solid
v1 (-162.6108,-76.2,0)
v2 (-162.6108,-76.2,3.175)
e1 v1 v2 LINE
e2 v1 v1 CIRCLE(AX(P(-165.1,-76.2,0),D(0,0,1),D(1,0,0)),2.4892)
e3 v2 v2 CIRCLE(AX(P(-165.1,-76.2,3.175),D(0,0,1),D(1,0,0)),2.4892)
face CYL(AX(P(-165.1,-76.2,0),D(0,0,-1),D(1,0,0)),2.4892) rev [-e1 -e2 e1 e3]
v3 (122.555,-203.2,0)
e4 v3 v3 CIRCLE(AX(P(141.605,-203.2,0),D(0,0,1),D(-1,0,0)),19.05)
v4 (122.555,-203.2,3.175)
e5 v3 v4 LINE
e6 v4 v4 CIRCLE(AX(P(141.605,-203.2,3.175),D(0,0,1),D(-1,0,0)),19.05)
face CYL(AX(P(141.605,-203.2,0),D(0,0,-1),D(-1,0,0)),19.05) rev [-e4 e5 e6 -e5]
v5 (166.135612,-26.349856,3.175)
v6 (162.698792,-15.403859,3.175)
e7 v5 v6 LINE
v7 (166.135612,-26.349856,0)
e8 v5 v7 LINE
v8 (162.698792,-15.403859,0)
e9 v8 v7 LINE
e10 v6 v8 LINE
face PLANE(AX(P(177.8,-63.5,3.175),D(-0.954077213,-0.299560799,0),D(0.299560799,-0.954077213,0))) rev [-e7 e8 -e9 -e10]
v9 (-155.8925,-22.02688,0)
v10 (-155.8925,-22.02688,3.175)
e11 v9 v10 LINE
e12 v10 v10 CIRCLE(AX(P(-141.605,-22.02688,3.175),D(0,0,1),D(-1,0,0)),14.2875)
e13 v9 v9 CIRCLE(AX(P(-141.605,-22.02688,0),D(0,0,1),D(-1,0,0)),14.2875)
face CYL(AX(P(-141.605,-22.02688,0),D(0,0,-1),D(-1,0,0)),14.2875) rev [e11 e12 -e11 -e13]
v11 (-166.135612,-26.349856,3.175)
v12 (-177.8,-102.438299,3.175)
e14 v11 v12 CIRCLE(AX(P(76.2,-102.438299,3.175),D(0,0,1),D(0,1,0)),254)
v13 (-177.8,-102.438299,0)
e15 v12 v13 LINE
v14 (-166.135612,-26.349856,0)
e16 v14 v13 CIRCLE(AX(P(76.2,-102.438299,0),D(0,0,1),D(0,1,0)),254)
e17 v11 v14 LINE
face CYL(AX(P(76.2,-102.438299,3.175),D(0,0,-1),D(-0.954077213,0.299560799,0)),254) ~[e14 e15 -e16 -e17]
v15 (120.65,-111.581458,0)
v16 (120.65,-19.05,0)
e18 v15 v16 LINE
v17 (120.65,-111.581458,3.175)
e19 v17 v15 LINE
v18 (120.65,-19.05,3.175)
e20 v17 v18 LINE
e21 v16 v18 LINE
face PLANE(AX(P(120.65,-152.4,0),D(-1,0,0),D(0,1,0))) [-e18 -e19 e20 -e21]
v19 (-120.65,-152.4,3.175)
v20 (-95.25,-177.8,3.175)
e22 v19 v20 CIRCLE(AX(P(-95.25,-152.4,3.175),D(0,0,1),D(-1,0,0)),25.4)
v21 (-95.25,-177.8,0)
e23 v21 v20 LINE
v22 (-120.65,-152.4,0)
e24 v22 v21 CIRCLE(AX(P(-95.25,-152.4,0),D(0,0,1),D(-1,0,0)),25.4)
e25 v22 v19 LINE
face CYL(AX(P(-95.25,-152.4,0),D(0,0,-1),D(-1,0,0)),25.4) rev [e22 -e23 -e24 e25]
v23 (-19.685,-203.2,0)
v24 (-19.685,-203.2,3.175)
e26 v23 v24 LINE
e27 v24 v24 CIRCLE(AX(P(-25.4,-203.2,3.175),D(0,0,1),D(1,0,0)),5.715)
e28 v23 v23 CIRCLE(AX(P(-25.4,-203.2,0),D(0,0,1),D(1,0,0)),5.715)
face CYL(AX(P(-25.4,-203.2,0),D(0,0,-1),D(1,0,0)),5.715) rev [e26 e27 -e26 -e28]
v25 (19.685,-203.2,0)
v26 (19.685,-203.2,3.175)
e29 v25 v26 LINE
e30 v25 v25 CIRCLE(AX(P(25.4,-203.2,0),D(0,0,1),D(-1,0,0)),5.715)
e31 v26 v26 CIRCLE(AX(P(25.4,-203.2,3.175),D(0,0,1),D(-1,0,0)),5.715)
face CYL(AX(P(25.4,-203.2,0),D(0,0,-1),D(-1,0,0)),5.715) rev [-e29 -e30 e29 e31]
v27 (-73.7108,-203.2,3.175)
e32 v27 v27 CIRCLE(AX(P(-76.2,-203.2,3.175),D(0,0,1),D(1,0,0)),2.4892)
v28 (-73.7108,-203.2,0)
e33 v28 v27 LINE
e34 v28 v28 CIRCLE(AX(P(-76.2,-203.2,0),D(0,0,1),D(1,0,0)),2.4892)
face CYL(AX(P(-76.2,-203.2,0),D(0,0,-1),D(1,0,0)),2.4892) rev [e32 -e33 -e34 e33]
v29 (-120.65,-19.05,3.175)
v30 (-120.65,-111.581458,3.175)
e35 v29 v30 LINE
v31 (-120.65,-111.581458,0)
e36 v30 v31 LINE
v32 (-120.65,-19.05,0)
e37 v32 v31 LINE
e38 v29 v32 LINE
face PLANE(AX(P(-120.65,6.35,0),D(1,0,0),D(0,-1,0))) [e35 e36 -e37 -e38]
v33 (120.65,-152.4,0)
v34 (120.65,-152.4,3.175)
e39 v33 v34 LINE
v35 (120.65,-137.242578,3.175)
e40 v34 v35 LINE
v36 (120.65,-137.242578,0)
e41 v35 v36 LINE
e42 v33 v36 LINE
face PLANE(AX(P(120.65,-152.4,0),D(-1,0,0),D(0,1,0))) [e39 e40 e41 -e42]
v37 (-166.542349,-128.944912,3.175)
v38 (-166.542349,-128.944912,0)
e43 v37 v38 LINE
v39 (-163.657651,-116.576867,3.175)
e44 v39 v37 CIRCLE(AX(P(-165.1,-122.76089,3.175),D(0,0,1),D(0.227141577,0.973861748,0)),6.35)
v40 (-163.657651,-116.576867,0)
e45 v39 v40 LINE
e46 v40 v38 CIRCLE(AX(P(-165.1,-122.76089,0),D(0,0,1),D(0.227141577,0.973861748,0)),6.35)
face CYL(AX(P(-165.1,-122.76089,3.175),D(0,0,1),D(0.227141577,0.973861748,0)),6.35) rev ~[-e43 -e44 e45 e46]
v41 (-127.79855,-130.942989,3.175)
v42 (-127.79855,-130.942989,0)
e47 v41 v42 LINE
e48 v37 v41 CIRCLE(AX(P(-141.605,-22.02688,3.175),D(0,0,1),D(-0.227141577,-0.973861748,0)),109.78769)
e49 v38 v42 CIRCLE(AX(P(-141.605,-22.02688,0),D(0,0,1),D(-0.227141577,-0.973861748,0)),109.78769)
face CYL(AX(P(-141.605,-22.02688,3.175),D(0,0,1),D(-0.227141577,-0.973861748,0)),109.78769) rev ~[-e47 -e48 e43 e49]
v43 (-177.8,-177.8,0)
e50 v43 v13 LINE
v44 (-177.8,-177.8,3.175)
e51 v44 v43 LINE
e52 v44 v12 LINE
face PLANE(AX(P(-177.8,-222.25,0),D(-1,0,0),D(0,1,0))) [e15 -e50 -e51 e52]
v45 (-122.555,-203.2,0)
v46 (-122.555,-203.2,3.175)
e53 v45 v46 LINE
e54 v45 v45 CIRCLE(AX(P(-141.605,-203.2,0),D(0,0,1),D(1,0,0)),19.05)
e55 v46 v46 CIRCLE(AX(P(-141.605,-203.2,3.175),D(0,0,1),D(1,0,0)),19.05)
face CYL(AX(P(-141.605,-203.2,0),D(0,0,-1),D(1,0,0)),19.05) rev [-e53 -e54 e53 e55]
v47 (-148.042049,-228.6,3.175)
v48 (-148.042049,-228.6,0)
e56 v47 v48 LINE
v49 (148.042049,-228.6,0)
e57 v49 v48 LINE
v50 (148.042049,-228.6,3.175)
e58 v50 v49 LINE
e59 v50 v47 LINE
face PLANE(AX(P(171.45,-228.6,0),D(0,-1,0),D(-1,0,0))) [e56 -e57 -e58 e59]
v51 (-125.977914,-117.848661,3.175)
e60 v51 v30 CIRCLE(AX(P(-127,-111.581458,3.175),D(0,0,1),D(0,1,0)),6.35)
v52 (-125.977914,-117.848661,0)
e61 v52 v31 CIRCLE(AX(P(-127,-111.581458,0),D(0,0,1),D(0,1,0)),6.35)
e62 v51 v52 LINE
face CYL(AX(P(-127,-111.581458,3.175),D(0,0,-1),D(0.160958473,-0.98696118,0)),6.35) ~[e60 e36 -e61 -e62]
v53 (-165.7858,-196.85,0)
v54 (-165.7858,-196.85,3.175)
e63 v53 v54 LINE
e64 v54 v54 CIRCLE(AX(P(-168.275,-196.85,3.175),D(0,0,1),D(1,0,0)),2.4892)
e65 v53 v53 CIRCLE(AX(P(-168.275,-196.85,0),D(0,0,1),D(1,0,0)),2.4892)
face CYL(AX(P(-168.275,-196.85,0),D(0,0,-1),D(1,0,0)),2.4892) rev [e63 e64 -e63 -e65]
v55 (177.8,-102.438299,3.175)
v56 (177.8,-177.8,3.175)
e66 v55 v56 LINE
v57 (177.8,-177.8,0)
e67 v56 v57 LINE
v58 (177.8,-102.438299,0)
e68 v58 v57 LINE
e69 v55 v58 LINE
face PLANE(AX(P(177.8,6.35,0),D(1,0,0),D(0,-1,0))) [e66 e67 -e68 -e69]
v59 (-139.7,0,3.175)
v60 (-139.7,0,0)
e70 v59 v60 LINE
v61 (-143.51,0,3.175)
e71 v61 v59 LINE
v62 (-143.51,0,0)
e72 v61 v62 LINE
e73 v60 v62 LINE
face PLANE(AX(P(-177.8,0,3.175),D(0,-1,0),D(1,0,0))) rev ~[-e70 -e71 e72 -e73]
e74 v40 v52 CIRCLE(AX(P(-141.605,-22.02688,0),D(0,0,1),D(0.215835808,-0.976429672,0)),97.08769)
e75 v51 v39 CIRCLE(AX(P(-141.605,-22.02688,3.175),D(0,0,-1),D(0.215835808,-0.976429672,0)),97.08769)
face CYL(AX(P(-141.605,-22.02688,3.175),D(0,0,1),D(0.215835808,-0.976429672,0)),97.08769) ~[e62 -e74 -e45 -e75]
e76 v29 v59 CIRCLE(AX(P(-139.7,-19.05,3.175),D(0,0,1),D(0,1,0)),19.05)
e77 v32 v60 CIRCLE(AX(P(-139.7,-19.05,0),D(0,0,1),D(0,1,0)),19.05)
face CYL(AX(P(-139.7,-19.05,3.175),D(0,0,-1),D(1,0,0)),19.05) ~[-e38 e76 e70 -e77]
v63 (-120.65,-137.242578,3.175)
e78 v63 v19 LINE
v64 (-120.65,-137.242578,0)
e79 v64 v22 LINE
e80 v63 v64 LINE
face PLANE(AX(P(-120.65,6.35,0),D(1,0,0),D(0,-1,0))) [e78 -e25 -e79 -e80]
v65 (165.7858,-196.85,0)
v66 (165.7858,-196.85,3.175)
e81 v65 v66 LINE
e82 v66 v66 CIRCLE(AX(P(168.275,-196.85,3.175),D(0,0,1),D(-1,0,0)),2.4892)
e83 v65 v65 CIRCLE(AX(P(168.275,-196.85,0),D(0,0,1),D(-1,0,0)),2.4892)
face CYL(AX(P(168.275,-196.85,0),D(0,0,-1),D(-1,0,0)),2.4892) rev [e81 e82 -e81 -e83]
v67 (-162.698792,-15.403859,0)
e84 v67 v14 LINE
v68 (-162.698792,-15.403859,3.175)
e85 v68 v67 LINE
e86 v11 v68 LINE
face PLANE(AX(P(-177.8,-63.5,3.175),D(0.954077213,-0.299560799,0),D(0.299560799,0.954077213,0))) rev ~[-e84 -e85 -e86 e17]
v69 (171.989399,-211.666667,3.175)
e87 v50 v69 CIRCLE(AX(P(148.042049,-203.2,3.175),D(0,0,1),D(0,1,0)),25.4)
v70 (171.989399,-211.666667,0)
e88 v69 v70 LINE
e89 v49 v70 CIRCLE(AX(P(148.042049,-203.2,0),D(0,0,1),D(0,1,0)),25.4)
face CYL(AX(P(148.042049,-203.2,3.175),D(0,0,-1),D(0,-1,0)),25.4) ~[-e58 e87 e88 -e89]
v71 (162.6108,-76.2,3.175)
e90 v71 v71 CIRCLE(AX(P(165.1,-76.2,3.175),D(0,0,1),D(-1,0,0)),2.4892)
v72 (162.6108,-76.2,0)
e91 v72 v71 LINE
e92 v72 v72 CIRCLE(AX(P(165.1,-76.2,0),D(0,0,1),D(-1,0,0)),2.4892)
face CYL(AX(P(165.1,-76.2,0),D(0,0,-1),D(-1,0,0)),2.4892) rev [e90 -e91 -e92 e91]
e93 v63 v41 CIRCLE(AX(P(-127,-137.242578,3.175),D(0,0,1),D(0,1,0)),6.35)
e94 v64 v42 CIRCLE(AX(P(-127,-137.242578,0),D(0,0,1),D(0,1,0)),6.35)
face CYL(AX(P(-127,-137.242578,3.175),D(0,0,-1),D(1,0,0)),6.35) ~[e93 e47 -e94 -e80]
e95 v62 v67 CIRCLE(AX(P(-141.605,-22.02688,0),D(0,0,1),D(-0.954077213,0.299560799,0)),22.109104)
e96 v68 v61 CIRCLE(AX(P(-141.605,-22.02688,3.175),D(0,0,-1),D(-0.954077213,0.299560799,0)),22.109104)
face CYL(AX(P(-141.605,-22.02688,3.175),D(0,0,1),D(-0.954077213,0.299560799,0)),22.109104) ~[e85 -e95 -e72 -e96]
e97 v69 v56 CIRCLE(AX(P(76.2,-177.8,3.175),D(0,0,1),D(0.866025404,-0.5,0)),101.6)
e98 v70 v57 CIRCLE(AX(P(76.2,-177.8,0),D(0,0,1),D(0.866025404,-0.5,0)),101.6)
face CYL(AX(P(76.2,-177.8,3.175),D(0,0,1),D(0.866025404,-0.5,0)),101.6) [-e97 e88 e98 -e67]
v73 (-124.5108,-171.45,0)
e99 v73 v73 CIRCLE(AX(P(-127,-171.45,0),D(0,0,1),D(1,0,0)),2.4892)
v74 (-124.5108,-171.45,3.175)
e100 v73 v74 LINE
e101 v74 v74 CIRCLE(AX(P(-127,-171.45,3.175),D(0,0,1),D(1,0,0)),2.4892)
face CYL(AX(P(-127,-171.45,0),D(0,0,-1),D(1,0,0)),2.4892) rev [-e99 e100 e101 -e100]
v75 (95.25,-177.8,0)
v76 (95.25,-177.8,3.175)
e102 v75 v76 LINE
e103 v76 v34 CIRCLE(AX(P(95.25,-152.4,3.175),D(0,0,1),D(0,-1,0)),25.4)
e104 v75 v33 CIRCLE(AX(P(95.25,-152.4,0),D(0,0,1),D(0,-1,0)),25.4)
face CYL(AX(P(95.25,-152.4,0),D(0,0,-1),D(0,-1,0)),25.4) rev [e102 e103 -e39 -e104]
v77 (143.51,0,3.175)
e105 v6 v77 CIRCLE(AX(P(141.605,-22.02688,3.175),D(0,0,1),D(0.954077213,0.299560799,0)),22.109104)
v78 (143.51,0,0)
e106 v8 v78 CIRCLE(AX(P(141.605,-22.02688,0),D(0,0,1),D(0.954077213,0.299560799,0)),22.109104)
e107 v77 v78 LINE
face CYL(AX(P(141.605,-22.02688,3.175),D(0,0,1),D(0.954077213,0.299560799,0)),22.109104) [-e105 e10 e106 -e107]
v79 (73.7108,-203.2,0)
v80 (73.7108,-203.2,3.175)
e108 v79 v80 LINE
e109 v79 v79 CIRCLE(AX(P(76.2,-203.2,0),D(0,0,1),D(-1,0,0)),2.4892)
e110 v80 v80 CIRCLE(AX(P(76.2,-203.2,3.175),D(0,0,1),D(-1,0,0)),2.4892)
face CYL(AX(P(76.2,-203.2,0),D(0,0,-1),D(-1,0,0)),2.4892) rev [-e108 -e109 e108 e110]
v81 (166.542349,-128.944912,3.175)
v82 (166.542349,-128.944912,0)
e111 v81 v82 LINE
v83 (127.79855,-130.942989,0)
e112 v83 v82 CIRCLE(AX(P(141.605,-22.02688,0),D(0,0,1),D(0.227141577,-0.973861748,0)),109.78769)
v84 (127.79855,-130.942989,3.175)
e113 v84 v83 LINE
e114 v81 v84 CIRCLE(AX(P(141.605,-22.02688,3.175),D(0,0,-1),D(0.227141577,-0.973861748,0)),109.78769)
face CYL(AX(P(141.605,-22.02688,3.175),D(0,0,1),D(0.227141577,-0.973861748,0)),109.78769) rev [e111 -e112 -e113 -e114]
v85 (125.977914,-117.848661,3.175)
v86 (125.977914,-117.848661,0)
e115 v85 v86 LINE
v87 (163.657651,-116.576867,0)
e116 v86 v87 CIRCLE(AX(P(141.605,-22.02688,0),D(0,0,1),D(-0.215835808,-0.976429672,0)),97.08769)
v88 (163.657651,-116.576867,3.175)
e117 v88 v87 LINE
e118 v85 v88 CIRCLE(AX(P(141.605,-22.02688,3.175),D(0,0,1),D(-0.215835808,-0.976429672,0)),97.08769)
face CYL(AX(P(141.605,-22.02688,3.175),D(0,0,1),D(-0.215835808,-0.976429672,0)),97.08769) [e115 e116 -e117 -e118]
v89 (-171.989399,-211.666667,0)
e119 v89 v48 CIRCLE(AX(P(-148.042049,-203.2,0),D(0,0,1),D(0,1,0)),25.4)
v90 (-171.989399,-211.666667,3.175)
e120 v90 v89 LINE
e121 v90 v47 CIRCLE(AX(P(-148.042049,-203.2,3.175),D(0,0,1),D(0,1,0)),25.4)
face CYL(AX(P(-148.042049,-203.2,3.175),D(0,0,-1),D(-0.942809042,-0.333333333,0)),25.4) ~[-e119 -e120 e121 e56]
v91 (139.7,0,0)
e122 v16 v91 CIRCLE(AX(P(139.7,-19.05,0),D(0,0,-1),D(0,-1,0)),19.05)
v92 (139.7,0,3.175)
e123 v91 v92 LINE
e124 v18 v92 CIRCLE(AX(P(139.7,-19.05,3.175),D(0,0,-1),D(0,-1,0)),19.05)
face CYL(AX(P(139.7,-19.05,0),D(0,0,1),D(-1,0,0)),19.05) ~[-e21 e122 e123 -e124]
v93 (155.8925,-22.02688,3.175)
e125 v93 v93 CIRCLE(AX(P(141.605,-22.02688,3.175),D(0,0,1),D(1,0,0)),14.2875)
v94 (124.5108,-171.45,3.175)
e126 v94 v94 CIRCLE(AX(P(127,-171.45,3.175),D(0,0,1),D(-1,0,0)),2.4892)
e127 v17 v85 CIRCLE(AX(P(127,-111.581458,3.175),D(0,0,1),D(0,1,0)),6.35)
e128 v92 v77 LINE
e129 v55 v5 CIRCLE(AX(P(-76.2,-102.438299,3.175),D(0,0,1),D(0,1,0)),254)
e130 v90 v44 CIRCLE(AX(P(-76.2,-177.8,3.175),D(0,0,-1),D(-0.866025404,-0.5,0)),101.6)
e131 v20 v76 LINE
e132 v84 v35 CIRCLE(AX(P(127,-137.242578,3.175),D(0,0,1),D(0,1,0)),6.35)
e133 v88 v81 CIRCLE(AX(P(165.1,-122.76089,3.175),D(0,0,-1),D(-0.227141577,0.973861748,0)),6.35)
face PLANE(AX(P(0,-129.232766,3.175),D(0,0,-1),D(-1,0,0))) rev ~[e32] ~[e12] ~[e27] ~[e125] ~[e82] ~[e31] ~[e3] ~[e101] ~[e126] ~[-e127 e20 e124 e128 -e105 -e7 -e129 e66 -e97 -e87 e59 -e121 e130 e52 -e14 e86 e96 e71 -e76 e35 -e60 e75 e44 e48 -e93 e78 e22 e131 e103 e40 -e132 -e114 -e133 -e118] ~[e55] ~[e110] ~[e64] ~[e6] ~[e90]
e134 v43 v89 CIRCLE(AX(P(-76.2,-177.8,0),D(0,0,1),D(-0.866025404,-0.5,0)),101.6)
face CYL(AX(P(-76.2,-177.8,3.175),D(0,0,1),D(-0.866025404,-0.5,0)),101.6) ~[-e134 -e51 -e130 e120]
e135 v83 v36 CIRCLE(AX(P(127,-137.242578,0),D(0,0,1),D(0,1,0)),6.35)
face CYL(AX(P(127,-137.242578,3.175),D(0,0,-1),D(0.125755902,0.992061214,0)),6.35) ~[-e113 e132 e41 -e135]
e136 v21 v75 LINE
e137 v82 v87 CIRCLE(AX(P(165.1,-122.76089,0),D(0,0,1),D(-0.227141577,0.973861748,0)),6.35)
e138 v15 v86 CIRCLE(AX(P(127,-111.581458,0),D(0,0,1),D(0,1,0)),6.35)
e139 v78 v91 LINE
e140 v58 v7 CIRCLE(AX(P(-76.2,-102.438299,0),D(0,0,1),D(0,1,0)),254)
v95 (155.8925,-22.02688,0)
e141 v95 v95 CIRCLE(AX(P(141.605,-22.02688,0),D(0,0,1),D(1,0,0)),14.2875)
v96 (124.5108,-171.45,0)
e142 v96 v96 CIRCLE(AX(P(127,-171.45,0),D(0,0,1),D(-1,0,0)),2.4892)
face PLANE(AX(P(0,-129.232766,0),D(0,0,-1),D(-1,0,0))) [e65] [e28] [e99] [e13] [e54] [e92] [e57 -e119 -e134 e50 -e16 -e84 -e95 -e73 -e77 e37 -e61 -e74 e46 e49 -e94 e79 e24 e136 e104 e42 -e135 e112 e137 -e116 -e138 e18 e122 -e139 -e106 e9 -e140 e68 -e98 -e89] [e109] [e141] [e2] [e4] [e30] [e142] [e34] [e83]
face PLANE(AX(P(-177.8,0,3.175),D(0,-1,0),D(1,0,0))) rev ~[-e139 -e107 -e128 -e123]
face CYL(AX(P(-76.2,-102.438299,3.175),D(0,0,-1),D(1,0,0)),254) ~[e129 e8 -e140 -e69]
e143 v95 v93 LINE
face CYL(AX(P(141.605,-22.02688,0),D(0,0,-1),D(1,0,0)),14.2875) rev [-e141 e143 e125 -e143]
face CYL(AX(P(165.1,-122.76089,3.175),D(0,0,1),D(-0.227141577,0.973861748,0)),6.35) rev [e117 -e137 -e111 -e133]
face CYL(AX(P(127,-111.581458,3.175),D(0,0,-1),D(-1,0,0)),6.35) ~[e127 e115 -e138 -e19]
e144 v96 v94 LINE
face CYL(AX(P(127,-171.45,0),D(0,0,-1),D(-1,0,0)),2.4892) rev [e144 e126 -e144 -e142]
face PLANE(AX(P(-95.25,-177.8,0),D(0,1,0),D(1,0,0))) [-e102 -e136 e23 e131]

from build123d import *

# Parameters (mm, degrees)
SKETCH1_R           = 14.2875
SKETCH1_R_2         = 19.05
SKETCH1_R_3         = 2.4892
SKETCH1_R_4         = 5.715
BOSS_EXTRUDE3_DEPTH = 3.175
SKETCH2_W           = 355.6
SKETCH2_H           = 19.05
CUT_EXTRUDE1_DEPTH  = 290.621961572
FILLET1_R           = 19.05
CUT_EXTRUDE2_DEPTH  = 290.621961572
FILLET2_R           = 254
CUT_EXTRUDE3_DEPTH  = 290.621961572
FILLET3_R           = 25.4
CUT_EXTRUDE4_DEPTH  = 290.621961572
FILLET4_R           = 6.35


with BuildPart() as part:
    # Sketch1 → Boss-Extrude3 (new body)
    with BuildSketch(Plane.XY):
        with BuildLine():
            Line((120.65, -152.4), (120.65, -6.35))
            Line((120.65, -6.35), (120.65, 6.35))
            ThreePointArc((120.65, 6.35), (124.369743879, 15.330256121), (133.35, 19.05))
            Line((133.35, 19.05), (165.1, 19.05))
            ThreePointArc((165.1, 19.05), (174.080256121, 15.330256121), (177.8, 6.35))
            Line((177.8, 6.35), (177.8, -6.35))
            Line((177.8, -6.35), (177.8, -222.25))
            ThreePointArc((177.8, -222.25), (175.940128061, -226.740128061), (171.45, -228.6))
            Line((171.45, -228.6), (12.7, -228.6))
            Line((12.7, -228.6), (-12.7, -228.6))
            Line((-12.7, -228.6), (-171.45, -228.6))
            ThreePointArc((-171.45, -228.6), (-175.940128061, -226.740128061), (-177.8, -222.25))
            Line((-177.8, -222.25), (-177.8, -6.35))
            Line((-177.8, -6.35), (-177.8, 6.35))
            ThreePointArc((-177.8, 6.35), (-174.080256121, 15.330256121), (-165.1, 19.05))
            Line((-165.1, 19.05), (-133.35, 19.05))
            ThreePointArc((-133.35, 19.05), (-124.369743879, 15.330256121), (-120.65, 6.35))
            Line((-120.65, 6.35), (-120.65, -6.35))
            Line((-120.65, -6.35), (-120.65, -152.4))
            ThreePointArc((-120.65, -152.4), (-113.210512242, -170.360512242), (-95.25, -177.8))
            Line((-95.25, -177.8), (-12.7, -177.8))
            Line((-12.7, -177.8), (12.7, -177.8))
            Line((12.7, -177.8), (95.25, -177.8))
            ThreePointArc((95.25, -177.8), (113.210512242, -170.360512242), (120.65, -152.4))
        make_face()
        with Locations((141.605, -22.02688)):
            Circle(SKETCH1_R, mode=Mode.SUBTRACT)
        with Locations(Location((-141.605, -22.02688, 0), (0, 0, 180))):
            Circle(SKETCH1_R, mode=Mode.SUBTRACT)
        with Locations((-141.605, -203.2)):
            Circle(SKETCH1_R_2, mode=Mode.SUBTRACT)
        with Locations(Location((141.605, -203.2, 0), (0, 0, 180))):
            Circle(SKETCH1_R_2, mode=Mode.SUBTRACT)
        with Locations((-76.2, -203.2)):
            Circle(SKETCH1_R_3, mode=Mode.SUBTRACT)
        with Locations(Location((76.2, -203.2, 0), (0, 0, 180))):
            Circle(SKETCH1_R_3, mode=Mode.SUBTRACT)
        with Locations((-25.4, -203.2)):
            Circle(SKETCH1_R_4, mode=Mode.SUBTRACT)
        with Locations((-149.225, 6.35)):
            Circle(SKETCH1_R_3, mode=Mode.SUBTRACT)
        with Locations(Location((149.225, 6.35, 0), (0, 0, 180))):
            Circle(SKETCH1_R_3, mode=Mode.SUBTRACT)
        with Locations((-168.275, -196.85)):
            Circle(SKETCH1_R_3, mode=Mode.SUBTRACT)
        with Locations(Location((168.275, -196.85, 0), (0, 0, 180))):
            Circle(SKETCH1_R_3, mode=Mode.SUBTRACT)
        with Locations((-165.1, -76.2)):
            Circle(SKETCH1_R_3, mode=Mode.SUBTRACT)
        with Locations(Location((165.1, -76.2, 0), (0, 0, 180))):
            Circle(SKETCH1_R_3, mode=Mode.SUBTRACT)
        with Locations((-127, -171.45)):
            Circle(SKETCH1_R_3, mode=Mode.SUBTRACT)
        with Locations(Location((127, -171.45, 0), (0, 0, 180))):
            Circle(SKETCH1_R_3, mode=Mode.SUBTRACT)
        with Locations(Location((25.4, -203.2, 0), (0, 0, 180))):
            Circle(SKETCH1_R_4, mode=Mode.SUBTRACT)
    extrude(amount=BOSS_EXTRUDE3_DEPTH)

    # Sketch2 → Cut-Extrude1 (cut, through all)
    with BuildSketch(Plane.XY.offset(3.175)):
        with Locations((0, 9.525)):
            Rectangle(SKETCH2_W, SKETCH2_H)
    extrude(amount=-CUT_EXTRUDE1_DEPTH, mode=Mode.SUBTRACT)

    # Fillet1
    fillet1_edges = [part.edges().sort_by_distance(p)[0] for p in [
        (-177.8, 0, 1.5875),
        (120.65, 0, 1.5875),
        (177.8, 0, 1.5875),
        (-120.65, 0, 1.5875),
    ]]
    fillet(fillet1_edges, radius=FILLET1_R)

    # Sketch3 → Cut-Extrude2 (cut, through all)
    with BuildSketch(Plane.XY.offset(3.175)):
        with BuildLine():
            Line((-177.8, 0), (-177.8, -63.5))
            Line((-177.8, -63.5), (-162.698792053, -15.403859213))
            ThreePointArc((-162.698792053, -15.403859213), (-155.445369527, -4.785747819), (-143.51, 0))
            Line((-143.51, 0), (-177.8, 0))
        make_face()
    cut_extrude2 = extrude(amount=-CUT_EXTRUDE2_DEPTH, mode=Mode.SUBTRACT)

    # Mirror1: Cut-Extrude2 across plane
    add(cut_extrude2.mirror(Plane.ZY), mode=Mode.SUBTRACT)

    # Fillet2
    fillet2_edges = [part.edges().sort_by_distance(p)[0] for p in [
        (-177.8, -63.5, 1.5875),
        (177.8, -63.5, 1.5875),
    ]]
    fillet(fillet2_edges, radius=FILLET2_R)

    # Sketch4 → Cut-Extrude3 (cut, through all)
    with BuildSketch(Plane.XY.offset(3.175)):
        with BuildLine():
            Line((-177.8, -177.8), (-177.8, -228.6))
            Line((-177.8, -228.6), (-164.188181024, -228.6))
            ThreePointArc((-164.188181024, -228.6), (-174.338063951, -204.096014982), (-177.8, -177.8))
        make_face()
        with BuildLine():
            Line((177.8, -177.8), (177.8, -228.6))
            Line((177.8, -228.6), (164.188181024, -228.6))
            ThreePointArc((164.188181024, -228.6), (174.338063951, -204.096014982), (177.8, -177.8))
        make_face()
    extrude(amount=-CUT_EXTRUDE3_DEPTH, mode=Mode.SUBTRACT)

    # Fillet3
    fillet3_edges = [part.edges().sort_by_distance(p)[0] for p in [
        (-164.188181024, -228.6, 1.5875),
        (164.188181024, -228.6, 1.5875),
    ]]
    fillet(fillet3_edges, radius=FILLET3_R)

    # Sketch5 → Cut-Extrude4 (cut, through all)
    with BuildSketch(Plane.XY.offset(3.175)):
        with BuildLine():
            Line((-120.65, -129.796193121), (-120.65, -116.826181287))
            ThreePointArc((-120.65, -116.826181287), (-142.167804376, -119.112938735), (-163.657650988, -116.576867488))
            ThreePointArc((-163.657650988, -116.576867488), (-171.284022099, -121.318540575), (-166.542349012, -128.944911687))
            ThreePointArc((-166.542349012, -128.944911687), (-143.641159604, -131.795686724), (-120.65, -129.796193121))
        make_face()
        with BuildLine():
            Line((120.65, -129.796193121), (120.65, -116.826181287))
            ThreePointArc((120.65, -116.826181287), (142.167804376, -119.112938735), (163.657650988, -116.576867488))
            ThreePointArc((163.657650988, -116.576867488), (171.284022099, -121.318540575), (166.542349012, -128.944911687))
            ThreePointArc((166.542349012, -128.944911687), (143.641159604, -131.795686724), (120.65, -129.796193121))
        make_face()
    extrude(amount=-CUT_EXTRUDE4_DEPTH, mode=Mode.SUBTRACT)

    # Fillet4
    fillet4_edges = [part.edges().sort_by_distance(p)[0] for p in [
        (-120.65, -116.826181287, 1.5875),
        (-120.65, -129.796193121, 1.5875),
        (120.65, -129.796193121, 1.5875),
        (120.65, -116.826181287, 1.5875),
    ]]
    fillet(fillet4_edges, radius=FILLET4_R)


solid = part.part
